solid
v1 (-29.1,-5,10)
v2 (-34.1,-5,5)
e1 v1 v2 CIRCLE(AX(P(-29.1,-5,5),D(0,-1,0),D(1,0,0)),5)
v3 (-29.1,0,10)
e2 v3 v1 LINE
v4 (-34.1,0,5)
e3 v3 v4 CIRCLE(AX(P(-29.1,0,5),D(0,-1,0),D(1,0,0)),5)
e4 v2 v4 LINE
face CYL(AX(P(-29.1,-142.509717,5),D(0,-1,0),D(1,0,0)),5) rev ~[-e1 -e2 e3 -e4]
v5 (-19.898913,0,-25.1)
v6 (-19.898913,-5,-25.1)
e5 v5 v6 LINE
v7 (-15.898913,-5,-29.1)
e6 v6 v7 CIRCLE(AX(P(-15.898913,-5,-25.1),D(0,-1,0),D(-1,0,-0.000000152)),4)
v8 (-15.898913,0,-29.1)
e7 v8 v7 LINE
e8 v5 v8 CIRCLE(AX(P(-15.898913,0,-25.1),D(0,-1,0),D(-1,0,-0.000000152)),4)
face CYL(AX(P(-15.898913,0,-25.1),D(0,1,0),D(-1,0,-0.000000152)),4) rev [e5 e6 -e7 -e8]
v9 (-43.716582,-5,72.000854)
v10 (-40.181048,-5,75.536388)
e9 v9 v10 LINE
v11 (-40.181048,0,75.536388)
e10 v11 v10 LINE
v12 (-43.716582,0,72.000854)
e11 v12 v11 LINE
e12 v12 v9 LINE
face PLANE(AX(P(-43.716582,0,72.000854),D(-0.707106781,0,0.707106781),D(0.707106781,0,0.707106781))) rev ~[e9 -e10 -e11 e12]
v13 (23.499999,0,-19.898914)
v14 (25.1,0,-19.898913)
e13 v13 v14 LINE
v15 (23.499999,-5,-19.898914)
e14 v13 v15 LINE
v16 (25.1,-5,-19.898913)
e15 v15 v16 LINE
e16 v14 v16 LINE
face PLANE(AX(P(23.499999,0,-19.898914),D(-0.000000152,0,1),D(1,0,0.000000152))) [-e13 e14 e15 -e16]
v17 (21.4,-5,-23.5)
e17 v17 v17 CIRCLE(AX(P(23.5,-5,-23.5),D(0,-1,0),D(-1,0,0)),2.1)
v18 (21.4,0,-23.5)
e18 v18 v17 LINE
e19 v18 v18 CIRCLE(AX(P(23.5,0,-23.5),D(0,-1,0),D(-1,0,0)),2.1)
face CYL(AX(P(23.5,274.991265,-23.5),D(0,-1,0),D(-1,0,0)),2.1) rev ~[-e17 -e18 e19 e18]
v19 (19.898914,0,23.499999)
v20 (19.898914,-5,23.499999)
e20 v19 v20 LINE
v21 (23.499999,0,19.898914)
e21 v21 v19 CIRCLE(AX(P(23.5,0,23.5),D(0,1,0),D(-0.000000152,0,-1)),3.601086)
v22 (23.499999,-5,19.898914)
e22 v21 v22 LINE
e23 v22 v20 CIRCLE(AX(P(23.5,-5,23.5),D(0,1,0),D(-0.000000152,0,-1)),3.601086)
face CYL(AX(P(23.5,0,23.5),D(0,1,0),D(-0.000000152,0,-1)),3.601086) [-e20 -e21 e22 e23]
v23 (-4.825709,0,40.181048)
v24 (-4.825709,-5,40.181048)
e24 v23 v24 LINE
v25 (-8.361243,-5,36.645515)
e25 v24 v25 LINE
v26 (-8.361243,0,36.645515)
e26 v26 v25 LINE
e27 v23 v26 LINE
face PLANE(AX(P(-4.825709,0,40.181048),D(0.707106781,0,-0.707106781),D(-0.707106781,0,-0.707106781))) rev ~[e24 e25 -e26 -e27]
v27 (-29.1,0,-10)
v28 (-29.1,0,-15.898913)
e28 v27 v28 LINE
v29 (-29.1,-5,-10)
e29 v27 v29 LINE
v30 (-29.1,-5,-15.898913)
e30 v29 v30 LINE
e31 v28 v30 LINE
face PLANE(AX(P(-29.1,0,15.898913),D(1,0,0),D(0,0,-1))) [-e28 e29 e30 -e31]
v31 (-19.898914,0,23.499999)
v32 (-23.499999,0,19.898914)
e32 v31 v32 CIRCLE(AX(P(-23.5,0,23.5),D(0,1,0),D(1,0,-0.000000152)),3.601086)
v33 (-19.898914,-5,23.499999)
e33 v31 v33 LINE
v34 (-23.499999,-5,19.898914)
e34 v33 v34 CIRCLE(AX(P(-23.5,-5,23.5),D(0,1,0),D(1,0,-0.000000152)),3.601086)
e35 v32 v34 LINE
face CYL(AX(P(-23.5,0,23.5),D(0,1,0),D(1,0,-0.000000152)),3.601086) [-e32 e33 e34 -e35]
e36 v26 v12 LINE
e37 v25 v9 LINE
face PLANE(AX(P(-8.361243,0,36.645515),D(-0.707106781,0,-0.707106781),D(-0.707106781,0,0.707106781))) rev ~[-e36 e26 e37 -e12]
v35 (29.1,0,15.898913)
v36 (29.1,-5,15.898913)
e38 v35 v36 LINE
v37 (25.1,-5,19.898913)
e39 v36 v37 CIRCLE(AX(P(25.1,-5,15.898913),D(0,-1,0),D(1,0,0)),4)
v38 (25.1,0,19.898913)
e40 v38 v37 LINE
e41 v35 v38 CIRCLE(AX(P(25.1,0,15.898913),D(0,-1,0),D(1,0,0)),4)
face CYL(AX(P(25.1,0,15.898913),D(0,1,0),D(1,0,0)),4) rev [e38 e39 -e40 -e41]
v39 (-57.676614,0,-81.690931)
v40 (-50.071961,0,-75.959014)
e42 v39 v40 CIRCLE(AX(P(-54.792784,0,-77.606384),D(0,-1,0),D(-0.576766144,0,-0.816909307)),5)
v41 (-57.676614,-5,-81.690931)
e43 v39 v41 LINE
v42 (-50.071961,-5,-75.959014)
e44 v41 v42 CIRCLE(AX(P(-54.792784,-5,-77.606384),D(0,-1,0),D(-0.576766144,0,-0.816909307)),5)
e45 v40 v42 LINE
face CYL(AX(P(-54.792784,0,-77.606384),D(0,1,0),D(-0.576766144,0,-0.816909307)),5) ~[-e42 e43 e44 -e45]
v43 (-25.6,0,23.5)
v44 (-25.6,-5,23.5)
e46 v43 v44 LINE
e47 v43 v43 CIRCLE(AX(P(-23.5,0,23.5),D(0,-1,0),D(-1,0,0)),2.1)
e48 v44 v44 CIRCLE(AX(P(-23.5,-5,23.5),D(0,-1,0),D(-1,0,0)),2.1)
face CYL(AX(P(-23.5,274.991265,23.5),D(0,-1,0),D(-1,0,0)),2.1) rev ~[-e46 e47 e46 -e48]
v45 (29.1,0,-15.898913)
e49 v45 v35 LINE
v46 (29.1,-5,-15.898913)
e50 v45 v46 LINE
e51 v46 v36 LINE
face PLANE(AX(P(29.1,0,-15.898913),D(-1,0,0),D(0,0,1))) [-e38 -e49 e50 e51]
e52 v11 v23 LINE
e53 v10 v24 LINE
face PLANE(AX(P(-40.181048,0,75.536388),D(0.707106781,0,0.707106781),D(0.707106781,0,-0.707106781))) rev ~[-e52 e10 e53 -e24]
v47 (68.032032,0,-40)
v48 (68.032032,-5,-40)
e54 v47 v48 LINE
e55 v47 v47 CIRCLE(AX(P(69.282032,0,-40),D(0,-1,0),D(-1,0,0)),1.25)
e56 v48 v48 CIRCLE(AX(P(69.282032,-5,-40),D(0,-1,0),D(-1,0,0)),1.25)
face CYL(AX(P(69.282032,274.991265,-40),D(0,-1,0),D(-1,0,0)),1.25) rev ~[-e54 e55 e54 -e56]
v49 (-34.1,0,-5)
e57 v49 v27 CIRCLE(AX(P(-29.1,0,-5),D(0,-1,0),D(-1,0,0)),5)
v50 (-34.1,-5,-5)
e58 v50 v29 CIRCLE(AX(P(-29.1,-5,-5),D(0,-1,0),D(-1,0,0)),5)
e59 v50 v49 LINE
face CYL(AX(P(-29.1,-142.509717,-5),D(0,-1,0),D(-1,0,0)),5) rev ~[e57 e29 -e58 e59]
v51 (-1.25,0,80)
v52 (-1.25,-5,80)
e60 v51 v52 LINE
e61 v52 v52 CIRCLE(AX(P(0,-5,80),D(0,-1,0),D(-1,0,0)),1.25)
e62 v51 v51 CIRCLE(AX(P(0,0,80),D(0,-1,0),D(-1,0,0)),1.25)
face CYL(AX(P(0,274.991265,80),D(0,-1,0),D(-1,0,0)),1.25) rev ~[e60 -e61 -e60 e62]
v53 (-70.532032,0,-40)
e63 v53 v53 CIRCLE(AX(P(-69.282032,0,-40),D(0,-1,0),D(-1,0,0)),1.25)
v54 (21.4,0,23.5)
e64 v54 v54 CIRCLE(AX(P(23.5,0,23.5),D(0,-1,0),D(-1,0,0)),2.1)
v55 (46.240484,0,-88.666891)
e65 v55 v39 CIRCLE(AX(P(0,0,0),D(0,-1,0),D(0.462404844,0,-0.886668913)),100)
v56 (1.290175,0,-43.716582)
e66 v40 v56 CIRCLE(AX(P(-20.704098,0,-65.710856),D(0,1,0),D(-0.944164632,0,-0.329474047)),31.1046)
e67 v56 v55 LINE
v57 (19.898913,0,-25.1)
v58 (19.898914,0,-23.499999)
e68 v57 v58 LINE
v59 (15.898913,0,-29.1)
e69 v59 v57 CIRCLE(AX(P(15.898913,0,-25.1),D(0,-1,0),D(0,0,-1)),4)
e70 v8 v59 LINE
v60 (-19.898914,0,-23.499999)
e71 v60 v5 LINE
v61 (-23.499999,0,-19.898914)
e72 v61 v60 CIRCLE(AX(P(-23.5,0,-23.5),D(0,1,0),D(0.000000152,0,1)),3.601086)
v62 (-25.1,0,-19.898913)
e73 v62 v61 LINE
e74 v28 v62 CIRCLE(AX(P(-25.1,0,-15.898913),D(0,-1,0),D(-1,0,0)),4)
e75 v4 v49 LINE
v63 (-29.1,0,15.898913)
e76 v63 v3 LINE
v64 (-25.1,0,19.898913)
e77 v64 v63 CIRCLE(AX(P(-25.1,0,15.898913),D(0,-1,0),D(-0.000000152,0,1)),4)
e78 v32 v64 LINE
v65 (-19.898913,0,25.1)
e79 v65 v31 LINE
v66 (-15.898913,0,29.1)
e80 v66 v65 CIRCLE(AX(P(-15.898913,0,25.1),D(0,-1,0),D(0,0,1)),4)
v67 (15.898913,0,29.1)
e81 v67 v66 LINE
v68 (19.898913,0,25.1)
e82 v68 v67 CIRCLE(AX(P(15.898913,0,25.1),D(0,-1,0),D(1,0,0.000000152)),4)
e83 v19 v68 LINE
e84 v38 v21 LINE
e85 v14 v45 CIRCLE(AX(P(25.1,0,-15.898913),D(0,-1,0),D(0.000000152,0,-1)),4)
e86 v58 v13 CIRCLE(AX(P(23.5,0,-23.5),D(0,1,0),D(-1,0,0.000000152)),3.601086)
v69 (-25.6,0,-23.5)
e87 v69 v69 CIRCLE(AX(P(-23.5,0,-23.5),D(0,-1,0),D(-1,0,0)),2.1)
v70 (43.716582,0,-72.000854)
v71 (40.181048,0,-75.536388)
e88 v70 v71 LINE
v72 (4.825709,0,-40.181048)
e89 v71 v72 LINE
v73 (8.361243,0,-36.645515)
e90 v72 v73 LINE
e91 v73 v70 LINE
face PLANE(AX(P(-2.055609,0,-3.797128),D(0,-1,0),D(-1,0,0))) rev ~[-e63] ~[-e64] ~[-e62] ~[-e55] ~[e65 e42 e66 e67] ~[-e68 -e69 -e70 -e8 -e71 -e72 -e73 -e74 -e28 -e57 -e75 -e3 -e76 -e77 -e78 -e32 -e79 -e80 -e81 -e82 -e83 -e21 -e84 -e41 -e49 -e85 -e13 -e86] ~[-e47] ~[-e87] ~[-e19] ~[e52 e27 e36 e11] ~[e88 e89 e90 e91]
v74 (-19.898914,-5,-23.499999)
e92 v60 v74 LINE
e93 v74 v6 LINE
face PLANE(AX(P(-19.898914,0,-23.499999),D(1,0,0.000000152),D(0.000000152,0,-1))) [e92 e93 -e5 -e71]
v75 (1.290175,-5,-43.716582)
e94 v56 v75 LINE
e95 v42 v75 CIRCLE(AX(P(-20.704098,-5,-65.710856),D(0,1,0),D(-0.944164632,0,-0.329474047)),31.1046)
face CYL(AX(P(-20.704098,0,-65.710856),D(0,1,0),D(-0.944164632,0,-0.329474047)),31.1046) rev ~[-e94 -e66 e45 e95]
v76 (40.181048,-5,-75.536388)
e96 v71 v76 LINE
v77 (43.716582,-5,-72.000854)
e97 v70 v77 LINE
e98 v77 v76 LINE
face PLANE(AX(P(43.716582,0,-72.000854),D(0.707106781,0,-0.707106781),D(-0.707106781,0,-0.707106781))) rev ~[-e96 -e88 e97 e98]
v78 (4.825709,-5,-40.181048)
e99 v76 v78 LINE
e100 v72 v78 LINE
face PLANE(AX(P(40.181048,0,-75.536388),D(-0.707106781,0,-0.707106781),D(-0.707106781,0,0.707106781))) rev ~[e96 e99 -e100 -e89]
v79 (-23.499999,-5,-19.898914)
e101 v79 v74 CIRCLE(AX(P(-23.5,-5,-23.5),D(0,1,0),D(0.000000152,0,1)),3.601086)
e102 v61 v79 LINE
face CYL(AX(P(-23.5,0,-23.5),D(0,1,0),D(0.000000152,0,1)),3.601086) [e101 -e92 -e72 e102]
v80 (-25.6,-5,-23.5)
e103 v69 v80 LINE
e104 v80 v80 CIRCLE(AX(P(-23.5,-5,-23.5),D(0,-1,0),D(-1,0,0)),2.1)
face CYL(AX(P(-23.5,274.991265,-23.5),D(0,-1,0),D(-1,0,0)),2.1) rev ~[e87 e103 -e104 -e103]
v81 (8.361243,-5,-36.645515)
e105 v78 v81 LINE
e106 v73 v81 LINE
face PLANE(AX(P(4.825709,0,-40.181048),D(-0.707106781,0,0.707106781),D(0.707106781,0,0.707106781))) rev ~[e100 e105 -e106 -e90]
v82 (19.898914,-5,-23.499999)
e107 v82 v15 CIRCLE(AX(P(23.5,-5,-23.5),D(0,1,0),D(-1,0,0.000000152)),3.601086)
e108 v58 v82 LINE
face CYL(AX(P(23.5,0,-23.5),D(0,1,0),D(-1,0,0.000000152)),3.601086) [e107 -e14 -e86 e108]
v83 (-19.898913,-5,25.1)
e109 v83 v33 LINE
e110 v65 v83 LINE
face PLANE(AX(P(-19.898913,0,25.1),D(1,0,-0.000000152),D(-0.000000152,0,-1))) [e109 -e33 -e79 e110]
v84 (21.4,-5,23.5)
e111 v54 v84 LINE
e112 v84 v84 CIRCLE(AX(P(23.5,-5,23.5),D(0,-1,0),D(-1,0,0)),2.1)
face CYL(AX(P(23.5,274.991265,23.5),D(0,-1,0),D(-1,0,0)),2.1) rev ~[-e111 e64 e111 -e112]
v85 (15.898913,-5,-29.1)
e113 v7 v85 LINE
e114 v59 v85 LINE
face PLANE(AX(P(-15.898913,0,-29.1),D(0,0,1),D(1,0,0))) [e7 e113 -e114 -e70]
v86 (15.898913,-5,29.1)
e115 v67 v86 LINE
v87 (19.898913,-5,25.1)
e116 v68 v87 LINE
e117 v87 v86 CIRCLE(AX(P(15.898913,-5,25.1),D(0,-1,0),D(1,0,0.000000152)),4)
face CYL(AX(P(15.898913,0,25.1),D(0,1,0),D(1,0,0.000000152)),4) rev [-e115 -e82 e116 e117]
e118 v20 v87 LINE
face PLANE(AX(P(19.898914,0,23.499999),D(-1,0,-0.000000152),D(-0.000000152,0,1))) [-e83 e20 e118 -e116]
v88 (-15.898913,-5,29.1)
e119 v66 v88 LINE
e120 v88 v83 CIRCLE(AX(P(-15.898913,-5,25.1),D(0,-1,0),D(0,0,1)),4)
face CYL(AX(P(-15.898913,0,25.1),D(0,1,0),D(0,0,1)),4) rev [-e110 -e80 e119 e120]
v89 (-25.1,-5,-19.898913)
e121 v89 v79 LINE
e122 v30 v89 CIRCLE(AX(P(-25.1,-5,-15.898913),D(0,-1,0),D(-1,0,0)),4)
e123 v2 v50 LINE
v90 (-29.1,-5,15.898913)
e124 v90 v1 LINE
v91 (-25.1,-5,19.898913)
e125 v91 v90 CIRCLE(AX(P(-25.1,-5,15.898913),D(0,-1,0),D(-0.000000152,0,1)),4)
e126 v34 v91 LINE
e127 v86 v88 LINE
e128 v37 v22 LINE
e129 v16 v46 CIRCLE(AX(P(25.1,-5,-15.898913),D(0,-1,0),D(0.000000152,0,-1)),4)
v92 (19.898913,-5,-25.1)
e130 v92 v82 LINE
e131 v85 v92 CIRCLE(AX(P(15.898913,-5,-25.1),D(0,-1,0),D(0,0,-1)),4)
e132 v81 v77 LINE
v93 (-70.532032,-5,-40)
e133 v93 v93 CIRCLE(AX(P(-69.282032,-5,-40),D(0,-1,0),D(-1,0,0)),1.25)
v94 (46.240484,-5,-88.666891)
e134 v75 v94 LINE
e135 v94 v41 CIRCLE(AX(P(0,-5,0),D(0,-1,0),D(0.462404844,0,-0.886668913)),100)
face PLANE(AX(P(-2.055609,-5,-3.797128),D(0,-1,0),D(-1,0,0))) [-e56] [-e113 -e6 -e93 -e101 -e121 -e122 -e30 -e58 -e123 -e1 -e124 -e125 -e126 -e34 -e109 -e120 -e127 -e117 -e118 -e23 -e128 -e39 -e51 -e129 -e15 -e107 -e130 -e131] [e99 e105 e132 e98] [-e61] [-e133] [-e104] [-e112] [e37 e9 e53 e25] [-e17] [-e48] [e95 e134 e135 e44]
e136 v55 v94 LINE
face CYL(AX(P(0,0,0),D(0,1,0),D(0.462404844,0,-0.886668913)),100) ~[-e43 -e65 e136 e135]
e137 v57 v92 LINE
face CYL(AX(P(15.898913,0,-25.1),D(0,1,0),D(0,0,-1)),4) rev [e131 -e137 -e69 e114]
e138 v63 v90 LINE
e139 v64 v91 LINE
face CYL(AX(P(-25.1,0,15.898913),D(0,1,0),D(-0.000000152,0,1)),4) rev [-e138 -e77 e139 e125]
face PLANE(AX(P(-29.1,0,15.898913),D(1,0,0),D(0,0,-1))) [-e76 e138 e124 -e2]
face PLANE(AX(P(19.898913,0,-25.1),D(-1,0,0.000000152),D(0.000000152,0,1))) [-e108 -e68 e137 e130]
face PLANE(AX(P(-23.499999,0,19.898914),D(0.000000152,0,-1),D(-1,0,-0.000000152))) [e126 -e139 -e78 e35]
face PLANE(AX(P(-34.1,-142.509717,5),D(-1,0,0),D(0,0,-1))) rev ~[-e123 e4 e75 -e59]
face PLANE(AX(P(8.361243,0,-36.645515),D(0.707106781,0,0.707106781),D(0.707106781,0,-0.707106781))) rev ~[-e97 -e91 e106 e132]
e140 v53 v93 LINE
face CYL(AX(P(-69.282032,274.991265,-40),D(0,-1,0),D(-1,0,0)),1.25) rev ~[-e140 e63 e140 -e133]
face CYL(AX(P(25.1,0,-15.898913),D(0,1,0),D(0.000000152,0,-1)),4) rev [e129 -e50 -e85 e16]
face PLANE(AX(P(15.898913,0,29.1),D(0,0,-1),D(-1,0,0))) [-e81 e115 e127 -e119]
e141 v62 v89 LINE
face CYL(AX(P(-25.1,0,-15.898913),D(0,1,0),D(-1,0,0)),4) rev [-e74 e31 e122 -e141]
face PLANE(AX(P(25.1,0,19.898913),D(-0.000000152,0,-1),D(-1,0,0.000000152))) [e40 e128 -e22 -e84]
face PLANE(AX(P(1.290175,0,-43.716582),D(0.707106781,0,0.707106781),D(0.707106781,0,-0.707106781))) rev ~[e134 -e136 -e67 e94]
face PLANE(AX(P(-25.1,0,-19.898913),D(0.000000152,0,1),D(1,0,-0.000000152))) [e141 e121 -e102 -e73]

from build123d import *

# Parameters (mm, degrees)
EXTRUDE_1_DEPTH          = 5
CUT_EXTRUDE_1_DEPTH      = 142.509716981
CUT_EXTRUDE_1_DEPTH_BACK = 142.509716981
HOLE_WIZARD_M5_1_D       = 4.2
HOLE_WIZARD_M3_1_D       = 2.5


with BuildPart() as part:
    # 草圖1 → 填料-伸長1 (new body)
    with BuildSketch(Plane(origin=(0, 0, 0), x_dir=(1, 0, 0), z_dir=(0, 1, 0))):
        with BuildLine():
            Line((46.240484381, 88.666891252), (1.290175475, 43.716582347))
            ThreePointArc((1.290175475, 43.716582347), (-37.241511516, 39.366784953), (-50.07196053, 75.95901388))
            ThreePointArc((-50.07196053, 75.95901388), (-51.783240076, 81.599208584), (-57.67661441, 81.690930648))
            ThreePointArc((-57.67661441, 81.690930648), (6.697930583, -99.775436486), (46.240484381, 88.666891252))
        make_face()
        Polygon((-40.181048441, -75.5363875), (-43.716582347, -72.000853594), (-8.361243287, -36.645514535), (-4.825709381, -40.181048441), align=None, mode=Mode.SUBTRACT)
        with BuildLine():
            ThreePointArc((-23.499999452, 19.89891353), (-20.953647337, 20.953647337), (-19.89891353, 23.499999452))
            Line((-19.89891353, 23.499999452), (-19.898913286, 25.100000259))
            ThreePointArc((-19.898913286, 25.100000259), (-18.727340196, 27.92842699), (-15.898913286, 29.09999965))
            Line((-15.898913286, 29.09999965), (15.898913286, 29.09999965))
            ThreePointArc((15.898913286, 29.09999965), (18.727340196, 27.92842699), (19.898913286, 25.100000259))
            Line((19.898913286, 25.100000259), (19.89891353, 23.499999452))
            ThreePointArc((19.89891353, 23.499999452), (20.953647337, 20.953647337), (23.499999452, 19.89891353))
            Line((23.499999452, 19.89891353), (25.100000259, 19.898913286))
            ThreePointArc((25.100000259, 19.898913286), (27.92842699, 18.727340196), (29.09999965, 15.898913286))
            Line((29.09999965, 15.898913286), (29.09999965, -15.898913286))
            ThreePointArc((29.09999965, -15.898913286), (27.92842699, -18.727340196), (25.100000259, -19.898913286))
            Line((25.100000259, -19.898913286), (23.499999452, -19.89891353))
            ThreePointArc((23.499999452, -19.89891353), (20.953647337, -20.953647337), (19.89891353, -23.499999452))
            Line((19.89891353, -23.499999452), (19.898913286, -25.100000259))
            ThreePointArc((19.898913286, -25.100000259), (18.727340196, -27.92842699), (15.898913286, -29.09999965))
            Line((15.898913286, -29.09999965), (-15.898913286, -29.09999965))
            ThreePointArc((-15.898913286, -29.09999965), (-18.727340196, -27.92842699), (-19.898913286, -25.100000259))
            Line((-19.898913286, -25.100000259), (-19.89891353, -23.499999452))
            ThreePointArc((-19.89891353, -23.499999452), (-20.953647337, -20.953647337), (-23.499999452, -19.89891353))
            Line((-23.499999452, -19.89891353), (-25.100000259, -19.898913286))
            ThreePointArc((-25.100000259, -19.898913286), (-27.92842699, -18.727340196), (-29.09999965, -15.898913286))
            Line((-29.09999965, -15.898913286), (-29.09999965, 15.898913286))
            ThreePointArc((-29.09999965, 15.898913286), (-27.92842699, 18.727340196), (-25.100000259, 19.898913286))
            Line((-25.100000259, 19.898913286), (-23.499999452, 19.89891353))
        make_face(mode=Mode.SUBTRACT)
        Polygon((43.716582347, 72.000853594), (8.361243287, 36.645514535), (4.825709381, 40.181048441), (40.181048441, 75.5363875), align=None, mode=Mode.SUBTRACT)
    extrude(amount=-EXTRUDE_1_DEPTH)

    # 草圖5 → 除料-伸長1 (cut, two sides: drawn at the far end of the back side and taken through both)
    with BuildSketch(Plane(origin=(0, 0, 0), x_dir=(1, 0, 0), z_dir=(0, 1, 0)).offset(-CUT_EXTRUDE_1_DEPTH_BACK)):
        with BuildLine():
            Line((-34.09999965, -5), (-34.09999965, 5))
            ThreePointArc((-34.09999965, 5), (-29.09999965, 10), (-24.09999965, 5))
            Line((-24.09999965, 5), (-24.09999965, -5))
            ThreePointArc((-24.09999965, -5), (-29.09999965, -10), (-34.09999965, -5))
        make_face()
    extrude(amount=CUT_EXTRUDE_1_DEPTH + CUT_EXTRUDE_1_DEPTH_BACK, mode=Mode.SUBTRACT)

    # M5  螺絲攻的螺孔鑽1 (through all)
    with Locations(Plane(origin=(0, 0, 0), x_dir=(1, 0, 0), z_dir=(0, 1, 0))):
        with Locations((23.5, 23.5), (23.5, -23.5), (-23.5, -23.5), (-23.5, 23.5)):
            Hole(HOLE_WIZARD_M5_1_D / 2)

    # M3  螺絲攻的螺孔鑽1 (through all)
    with Locations(Plane(origin=(0, 0, 0), x_dir=(1, 0, 0), z_dir=(0, 1, 0))):
        with Locations((-69.282032303, 40), (0, -80), (69.282032303, 40)):
            Hole(HOLE_WIZARD_M3_1_D / 2)


solid = part.part
